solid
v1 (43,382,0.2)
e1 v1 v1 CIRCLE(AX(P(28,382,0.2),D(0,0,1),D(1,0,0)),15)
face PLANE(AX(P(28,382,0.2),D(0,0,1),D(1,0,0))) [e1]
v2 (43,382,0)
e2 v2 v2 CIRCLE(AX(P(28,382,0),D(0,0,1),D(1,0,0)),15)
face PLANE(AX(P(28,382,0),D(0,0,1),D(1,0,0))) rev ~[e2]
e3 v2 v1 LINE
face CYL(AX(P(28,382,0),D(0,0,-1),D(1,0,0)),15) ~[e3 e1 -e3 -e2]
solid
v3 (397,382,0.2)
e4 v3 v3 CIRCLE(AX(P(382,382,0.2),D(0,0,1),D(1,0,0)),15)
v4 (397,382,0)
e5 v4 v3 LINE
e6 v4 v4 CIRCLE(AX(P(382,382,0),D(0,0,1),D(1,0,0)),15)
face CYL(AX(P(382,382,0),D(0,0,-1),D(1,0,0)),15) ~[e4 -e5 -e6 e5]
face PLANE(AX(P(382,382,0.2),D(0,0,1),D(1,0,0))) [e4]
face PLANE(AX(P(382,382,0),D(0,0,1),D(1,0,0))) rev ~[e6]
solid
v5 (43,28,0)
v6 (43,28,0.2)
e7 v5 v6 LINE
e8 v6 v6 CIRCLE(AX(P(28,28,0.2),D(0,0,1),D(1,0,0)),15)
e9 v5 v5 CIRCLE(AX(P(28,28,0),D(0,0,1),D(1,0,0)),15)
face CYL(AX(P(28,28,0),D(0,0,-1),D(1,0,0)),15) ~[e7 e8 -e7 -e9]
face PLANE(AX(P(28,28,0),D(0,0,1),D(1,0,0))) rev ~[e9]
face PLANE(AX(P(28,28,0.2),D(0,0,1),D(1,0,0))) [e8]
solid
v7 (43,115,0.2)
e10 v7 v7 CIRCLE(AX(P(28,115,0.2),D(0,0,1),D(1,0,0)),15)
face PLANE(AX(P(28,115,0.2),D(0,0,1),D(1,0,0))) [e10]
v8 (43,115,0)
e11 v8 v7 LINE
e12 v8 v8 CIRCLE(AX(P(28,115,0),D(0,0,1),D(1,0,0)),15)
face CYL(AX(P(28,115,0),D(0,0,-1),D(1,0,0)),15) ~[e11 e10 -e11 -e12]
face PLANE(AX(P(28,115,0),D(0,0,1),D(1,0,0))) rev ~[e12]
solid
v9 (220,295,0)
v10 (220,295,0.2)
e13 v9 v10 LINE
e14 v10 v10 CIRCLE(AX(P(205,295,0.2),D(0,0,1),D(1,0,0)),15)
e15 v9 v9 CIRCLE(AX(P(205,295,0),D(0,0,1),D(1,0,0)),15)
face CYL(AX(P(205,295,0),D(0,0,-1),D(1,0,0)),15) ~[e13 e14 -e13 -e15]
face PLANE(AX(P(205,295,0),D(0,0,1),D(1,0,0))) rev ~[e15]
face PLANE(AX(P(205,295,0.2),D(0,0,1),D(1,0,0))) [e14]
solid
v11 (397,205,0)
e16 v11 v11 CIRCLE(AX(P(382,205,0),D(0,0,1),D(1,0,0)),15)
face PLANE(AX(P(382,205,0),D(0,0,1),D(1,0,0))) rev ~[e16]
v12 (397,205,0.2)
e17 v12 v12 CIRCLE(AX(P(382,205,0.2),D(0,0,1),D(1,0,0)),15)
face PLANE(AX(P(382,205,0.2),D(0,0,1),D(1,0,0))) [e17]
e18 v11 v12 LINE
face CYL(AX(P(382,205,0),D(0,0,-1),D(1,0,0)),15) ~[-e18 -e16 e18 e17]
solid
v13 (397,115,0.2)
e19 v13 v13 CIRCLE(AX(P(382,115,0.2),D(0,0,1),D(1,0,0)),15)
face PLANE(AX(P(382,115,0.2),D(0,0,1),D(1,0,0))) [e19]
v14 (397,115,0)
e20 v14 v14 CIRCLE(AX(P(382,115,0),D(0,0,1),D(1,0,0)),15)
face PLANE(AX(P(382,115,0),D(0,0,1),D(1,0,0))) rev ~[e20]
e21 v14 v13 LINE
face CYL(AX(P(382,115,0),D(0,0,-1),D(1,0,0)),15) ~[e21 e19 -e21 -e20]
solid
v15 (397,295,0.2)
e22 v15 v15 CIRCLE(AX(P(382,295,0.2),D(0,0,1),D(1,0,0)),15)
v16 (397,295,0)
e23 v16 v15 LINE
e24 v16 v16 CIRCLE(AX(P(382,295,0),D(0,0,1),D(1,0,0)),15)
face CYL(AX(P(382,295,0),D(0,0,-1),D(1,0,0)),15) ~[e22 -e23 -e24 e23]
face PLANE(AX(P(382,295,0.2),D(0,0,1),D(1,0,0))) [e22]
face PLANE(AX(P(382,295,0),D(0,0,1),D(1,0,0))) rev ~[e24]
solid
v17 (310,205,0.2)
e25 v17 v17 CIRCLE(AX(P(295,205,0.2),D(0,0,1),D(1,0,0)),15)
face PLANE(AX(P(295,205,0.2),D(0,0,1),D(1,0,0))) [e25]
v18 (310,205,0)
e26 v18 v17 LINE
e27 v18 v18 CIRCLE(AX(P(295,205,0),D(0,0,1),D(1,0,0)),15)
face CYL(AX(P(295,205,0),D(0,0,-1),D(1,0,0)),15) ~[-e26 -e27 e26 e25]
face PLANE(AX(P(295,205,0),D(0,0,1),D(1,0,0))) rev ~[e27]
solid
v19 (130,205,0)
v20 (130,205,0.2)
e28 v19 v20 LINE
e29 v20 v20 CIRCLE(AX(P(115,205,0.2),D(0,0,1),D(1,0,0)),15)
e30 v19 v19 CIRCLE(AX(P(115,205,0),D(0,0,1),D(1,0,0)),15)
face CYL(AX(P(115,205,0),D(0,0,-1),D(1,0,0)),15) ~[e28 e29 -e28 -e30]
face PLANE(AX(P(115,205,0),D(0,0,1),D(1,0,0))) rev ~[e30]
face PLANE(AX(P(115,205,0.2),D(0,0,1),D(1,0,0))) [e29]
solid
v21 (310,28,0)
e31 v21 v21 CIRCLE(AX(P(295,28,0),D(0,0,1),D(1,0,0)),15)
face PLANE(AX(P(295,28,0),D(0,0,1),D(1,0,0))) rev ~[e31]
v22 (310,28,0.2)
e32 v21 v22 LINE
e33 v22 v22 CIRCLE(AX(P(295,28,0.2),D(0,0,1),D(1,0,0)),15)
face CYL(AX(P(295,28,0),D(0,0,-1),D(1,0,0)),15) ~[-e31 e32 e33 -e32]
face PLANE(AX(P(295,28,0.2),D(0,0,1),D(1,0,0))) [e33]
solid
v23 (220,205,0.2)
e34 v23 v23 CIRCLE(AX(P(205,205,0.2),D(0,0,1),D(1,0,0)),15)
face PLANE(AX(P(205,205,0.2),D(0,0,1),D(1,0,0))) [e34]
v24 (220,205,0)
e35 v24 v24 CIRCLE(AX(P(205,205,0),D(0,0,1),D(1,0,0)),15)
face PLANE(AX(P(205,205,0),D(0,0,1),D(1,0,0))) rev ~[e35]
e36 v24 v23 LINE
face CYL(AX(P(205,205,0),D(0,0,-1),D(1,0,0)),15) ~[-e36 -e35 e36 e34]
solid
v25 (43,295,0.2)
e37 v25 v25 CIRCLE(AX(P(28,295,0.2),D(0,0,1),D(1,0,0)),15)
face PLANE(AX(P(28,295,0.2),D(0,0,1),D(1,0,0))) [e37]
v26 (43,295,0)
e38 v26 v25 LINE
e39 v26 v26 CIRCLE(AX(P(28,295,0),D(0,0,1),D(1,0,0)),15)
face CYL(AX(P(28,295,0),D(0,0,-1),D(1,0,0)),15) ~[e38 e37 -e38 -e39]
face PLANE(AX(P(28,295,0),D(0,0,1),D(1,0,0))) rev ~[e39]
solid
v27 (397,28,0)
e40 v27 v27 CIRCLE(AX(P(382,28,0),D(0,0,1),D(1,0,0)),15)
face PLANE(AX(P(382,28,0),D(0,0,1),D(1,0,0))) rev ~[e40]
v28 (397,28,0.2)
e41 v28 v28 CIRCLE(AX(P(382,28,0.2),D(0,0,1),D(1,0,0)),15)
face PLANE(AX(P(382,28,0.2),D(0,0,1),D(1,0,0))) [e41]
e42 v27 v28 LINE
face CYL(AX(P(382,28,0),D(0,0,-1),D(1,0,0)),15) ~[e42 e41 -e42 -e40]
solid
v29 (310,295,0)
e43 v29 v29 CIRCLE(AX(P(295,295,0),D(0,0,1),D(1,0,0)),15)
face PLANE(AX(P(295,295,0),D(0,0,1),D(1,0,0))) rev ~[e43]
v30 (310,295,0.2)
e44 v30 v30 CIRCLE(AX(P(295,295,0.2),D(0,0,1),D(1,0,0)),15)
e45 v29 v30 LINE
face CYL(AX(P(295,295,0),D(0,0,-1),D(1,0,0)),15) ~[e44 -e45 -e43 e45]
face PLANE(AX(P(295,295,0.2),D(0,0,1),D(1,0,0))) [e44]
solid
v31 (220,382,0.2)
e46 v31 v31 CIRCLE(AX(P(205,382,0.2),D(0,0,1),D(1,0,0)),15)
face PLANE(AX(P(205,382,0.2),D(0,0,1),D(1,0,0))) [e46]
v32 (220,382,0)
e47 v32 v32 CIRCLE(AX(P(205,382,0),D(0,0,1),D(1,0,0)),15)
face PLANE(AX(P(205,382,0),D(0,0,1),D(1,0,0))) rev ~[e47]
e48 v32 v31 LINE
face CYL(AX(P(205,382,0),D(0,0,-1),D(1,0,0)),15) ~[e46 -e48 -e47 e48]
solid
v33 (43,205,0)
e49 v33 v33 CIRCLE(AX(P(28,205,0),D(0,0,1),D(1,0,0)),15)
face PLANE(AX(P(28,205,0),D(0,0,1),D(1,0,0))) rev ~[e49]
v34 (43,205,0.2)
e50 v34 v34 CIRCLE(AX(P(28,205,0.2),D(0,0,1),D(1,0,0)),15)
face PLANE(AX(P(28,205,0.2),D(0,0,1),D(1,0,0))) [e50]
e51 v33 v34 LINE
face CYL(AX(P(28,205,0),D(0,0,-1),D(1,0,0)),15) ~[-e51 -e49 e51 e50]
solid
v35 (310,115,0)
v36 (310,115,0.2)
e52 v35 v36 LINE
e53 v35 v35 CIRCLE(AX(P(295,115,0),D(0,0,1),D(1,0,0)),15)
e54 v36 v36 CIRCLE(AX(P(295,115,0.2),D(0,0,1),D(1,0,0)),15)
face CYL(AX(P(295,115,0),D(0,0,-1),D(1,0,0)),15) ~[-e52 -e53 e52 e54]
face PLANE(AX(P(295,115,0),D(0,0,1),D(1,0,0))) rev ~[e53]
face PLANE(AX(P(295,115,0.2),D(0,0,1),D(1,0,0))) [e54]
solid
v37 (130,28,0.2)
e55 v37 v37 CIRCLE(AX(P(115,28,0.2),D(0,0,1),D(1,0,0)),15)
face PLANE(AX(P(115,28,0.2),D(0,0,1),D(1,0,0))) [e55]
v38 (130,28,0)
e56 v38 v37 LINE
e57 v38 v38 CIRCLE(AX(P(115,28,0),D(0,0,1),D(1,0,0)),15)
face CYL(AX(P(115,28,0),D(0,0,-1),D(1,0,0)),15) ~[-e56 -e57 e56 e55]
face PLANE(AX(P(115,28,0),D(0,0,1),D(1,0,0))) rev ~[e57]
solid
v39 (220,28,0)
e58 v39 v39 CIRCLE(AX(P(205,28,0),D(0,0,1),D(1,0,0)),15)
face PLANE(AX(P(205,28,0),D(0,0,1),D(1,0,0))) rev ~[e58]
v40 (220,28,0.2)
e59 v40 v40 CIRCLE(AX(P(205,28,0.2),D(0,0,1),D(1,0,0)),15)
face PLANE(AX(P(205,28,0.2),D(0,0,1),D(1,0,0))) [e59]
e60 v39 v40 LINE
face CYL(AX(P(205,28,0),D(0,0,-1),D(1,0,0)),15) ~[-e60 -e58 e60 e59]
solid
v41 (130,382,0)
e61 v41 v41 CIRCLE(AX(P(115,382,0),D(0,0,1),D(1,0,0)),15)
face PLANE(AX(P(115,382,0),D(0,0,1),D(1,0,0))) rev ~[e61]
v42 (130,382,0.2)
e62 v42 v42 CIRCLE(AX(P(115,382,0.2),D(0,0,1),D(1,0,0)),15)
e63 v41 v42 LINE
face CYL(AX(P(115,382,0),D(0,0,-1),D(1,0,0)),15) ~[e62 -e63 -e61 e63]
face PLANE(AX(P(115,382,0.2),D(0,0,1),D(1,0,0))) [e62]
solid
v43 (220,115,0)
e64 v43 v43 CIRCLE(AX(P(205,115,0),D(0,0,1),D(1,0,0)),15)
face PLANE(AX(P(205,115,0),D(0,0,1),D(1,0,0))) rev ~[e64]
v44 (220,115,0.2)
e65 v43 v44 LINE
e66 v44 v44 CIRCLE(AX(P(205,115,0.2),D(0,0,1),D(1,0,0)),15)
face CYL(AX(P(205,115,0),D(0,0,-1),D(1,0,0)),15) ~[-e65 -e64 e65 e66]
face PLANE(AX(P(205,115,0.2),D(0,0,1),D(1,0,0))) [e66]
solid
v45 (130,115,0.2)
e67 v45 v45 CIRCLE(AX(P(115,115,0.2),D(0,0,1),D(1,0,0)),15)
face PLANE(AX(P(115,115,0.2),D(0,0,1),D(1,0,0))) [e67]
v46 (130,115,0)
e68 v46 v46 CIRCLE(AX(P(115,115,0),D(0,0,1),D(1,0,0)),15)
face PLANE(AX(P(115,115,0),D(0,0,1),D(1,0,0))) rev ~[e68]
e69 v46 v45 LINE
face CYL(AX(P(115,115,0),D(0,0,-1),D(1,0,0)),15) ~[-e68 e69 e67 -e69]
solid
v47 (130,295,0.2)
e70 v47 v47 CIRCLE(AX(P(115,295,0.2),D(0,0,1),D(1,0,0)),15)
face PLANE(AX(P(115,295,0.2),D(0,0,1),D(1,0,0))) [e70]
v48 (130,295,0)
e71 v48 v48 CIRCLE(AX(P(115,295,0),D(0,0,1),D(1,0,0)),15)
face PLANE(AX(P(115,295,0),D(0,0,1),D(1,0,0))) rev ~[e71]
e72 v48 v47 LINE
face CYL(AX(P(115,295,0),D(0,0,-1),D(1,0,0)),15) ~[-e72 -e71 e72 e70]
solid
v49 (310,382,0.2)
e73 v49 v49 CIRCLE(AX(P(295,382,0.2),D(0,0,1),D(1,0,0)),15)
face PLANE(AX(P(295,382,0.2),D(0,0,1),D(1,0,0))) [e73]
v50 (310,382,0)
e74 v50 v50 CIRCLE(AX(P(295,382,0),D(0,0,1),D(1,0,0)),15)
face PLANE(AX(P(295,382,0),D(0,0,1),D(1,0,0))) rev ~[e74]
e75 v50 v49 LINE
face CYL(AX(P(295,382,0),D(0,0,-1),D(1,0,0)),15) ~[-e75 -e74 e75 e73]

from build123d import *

# Parameters (mm, degrees)
CYLINDER_R        = 15
CYLINDER_DEPTH    = 0.2
CYLINDER001_R     = 15
CYLINDER001_DEPTH = 0.2
CYLINDER003_R     = 15
CYLINDER003_DEPTH = 0.2
CYLINDER004_R     = 15
CYLINDER004_DEPTH = 0.2
CYLINDER005_R     = 15
CYLINDER005_DEPTH = 0.2
CYLINDER006_R     = 15
CYLINDER006_DEPTH = 0.2
CYLINDER007_R     = 15
CYLINDER007_DEPTH = 0.2
CYLINDER008_R     = 15
CYLINDER008_DEPTH = 0.2
CYLINDER010_R     = 15
CYLINDER010_DEPTH = 0.2
CYLINDER012_R     = 15
CYLINDER012_DEPTH = 0.2
CYLINDER013_R     = 15
CYLINDER013_DEPTH = 0.2
CYLINDER014_R     = 15
CYLINDER014_DEPTH = 0.2
CYLINDER015_R     = 15
CYLINDER015_DEPTH = 0.2
CYLINDER016_R     = 15
CYLINDER016_DEPTH = 0.2
CYLINDER017_R     = 15
CYLINDER017_DEPTH = 0.2
CYLINDER018_R     = 15
CYLINDER018_DEPTH = 0.2
CYLINDER019_R     = 15
CYLINDER019_DEPTH = 0.2
CYLINDER020_R     = 15
CYLINDER020_DEPTH = 0.2
CYLINDER021_R     = 15
CYLINDER021_DEPTH = 0.2
CYLINDER023_R     = 15
CYLINDER023_DEPTH = 0.2
CYLINDER024_R     = 15
CYLINDER024_DEPTH = 0.2
CYLINDER022_R     = 15
CYLINDER022_DEPTH = 0.2
CYLINDER011_R     = 15
CYLINDER011_DEPTH = 0.2
CYLINDER009_R     = 15
CYLINDER009_DEPTH = 0.2
CYLINDER002_R     = 15
CYLINDER002_DEPTH = 0.2


with BuildPart() as cylinder005:
    # Cylinder → Cylinder (new body)
    with BuildSketch(Plane(origin=(382, 115, 0), x_dir=(1, 0, 0), z_dir=(0, 0, 1))):
        Circle(CYLINDER_R)
    extrude(amount=CYLINDER_DEPTH)


with BuildPart() as cylinder001:
    # Cylinder001 → Cylinder001 (new body)
    with BuildSketch(Plane(origin=(28, 115, 0), x_dir=(1, 0, 0), z_dir=(0, 0, 1))):
        Circle(CYLINDER001_R)
    extrude(amount=CYLINDER001_DEPTH)


with BuildPart() as cylinder003:
    # Cylinder003 → Cylinder003 (new body)
    with BuildSketch(Plane(origin=(205, 115, 0), x_dir=(1, 0, 0), z_dir=(0, 0, 1))):
        Circle(CYLINDER003_R)
    extrude(amount=CYLINDER003_DEPTH)


with BuildPart() as cylinder004:
    # Cylinder004 → Cylinder004 (new body)
    with BuildSketch(Plane(origin=(295, 115, 0), x_dir=(1, 0, 0), z_dir=(0, 0, 1))):
        Circle(CYLINDER004_R)
    extrude(amount=CYLINDER004_DEPTH)


with BuildPart() as cylinder006:
    # Cylinder005 → Cylinder005 (new body)
    with BuildSketch(Plane(origin=(382, 205, 0), x_dir=(1, 0, 0), z_dir=(0, 0, 1))):
        Circle(CYLINDER005_R)
    extrude(amount=CYLINDER005_DEPTH)


with BuildPart() as cylinder007:
    # Cylinder006 → Cylinder006 (new body)
    with BuildSketch(Plane(origin=(28, 205, 0), x_dir=(1, 0, 0), z_dir=(0, 0, 1))):
        Circle(CYLINDER006_R)
    extrude(amount=CYLINDER006_DEPTH)


with BuildPart() as cylinder008:
    # Cylinder007 → Cylinder007 (new body)
    with BuildSketch(Plane(origin=(205, 205, 0), x_dir=(1, 0, 0), z_dir=(0, 0, 1))):
        Circle(CYLINDER007_R)
    extrude(amount=CYLINDER007_DEPTH)


with BuildPart() as cylinder009:
    # Cylinder008 → Cylinder008 (new body)
    with BuildSketch(Plane(origin=(295, 205, 0), x_dir=(1, 0, 0), z_dir=(0, 0, 1))):
        Circle(CYLINDER008_R)
    extrude(amount=CYLINDER008_DEPTH)


with BuildPart() as cylinder014:
    # Cylinder010 → Cylinder010 (new body)
    with BuildSketch(Plane(origin=(382, 295, 0), x_dir=(1, 0, 0), z_dir=(0, 0, 1))):
        Circle(CYLINDER010_R)
    extrude(amount=CYLINDER010_DEPTH)


with BuildPart() as cylinder013:
    # Cylinder012 → Cylinder012 (new body)
    with BuildSketch(Plane(origin=(205, 295, 0), x_dir=(1, 0, 0), z_dir=(0, 0, 1))):
        Circle(CYLINDER012_R)
    extrude(amount=CYLINDER012_DEPTH)


with BuildPart() as cylinder011:
    # Cylinder013 → Cylinder013 (new body)
    with BuildSketch(Plane(origin=(295, 295, 0), x_dir=(1, 0, 0), z_dir=(0, 0, 1))):
        Circle(CYLINDER013_R)
    extrude(amount=CYLINDER013_DEPTH)


with BuildPart() as cylinder012:
    # Cylinder014 → Cylinder014 (new body)
    with BuildSketch(Plane(origin=(28, 295, 0), x_dir=(1, 0, 0), z_dir=(0, 0, 1))):
        Circle(CYLINDER014_R)
    extrude(amount=CYLINDER014_DEPTH)


with BuildPart() as cylinder019:
    # Cylinder015 → Cylinder015 (new body)
    with BuildSketch(Plane(origin=(382, 382, 0), x_dir=(1, 0, 0), z_dir=(0, 0, 1))):
        Circle(CYLINDER015_R)
    extrude(amount=CYLINDER015_DEPTH)


with BuildPart() as cylinder020:
    # Cylinder016 → Cylinder016 (new body)
    with BuildSketch(Plane(origin=(115, 115, 0), x_dir=(1, 0, 0), z_dir=(0, 0, 1))):
        Circle(CYLINDER016_R)
    extrude(amount=CYLINDER016_DEPTH)


with BuildPart() as cylinder016:
    # Cylinder017 → Cylinder017 (new body)
    with BuildSketch(Plane(origin=(295, 382, 0), x_dir=(1, 0, 0), z_dir=(0, 0, 1))):
        Circle(CYLINDER017_R)
    extrude(amount=CYLINDER017_DEPTH)


with BuildPart() as cylinder017:
    # Cylinder018 → Cylinder018 (new body)
    with BuildSketch(Plane(origin=(205, 382, 0), x_dir=(1, 0, 0), z_dir=(0, 0, 1))):
        Circle(CYLINDER018_R)
    extrude(amount=CYLINDER018_DEPTH)


with BuildPart() as cylinder018:
    # Cylinder019 → Cylinder019 (new body)
    with BuildSketch(Plane(origin=(28, 382, 0), x_dir=(1, 0, 0), z_dir=(0, 0, 1))):
        Circle(CYLINDER019_R)
    extrude(amount=CYLINDER019_DEPTH)


with BuildPart() as cylinder023:
    # Cylinder020 → Cylinder020 (new body)
    with BuildSketch(Plane(origin=(382, 28, 0), x_dir=(1, 0, 0), z_dir=(0, 0, 1))):
        Circle(CYLINDER020_R)
    extrude(amount=CYLINDER020_DEPTH)


with BuildPart() as cylinder024:
    # Cylinder021 → Cylinder021 (new body)
    with BuildSketch(Plane(origin=(205, 28, 0), x_dir=(1, 0, 0), z_dir=(0, 0, 1))):
        Circle(CYLINDER021_R)
    extrude(amount=CYLINDER021_DEPTH)


with BuildPart() as cylinder021:
    # Cylinder023 → Cylinder023 (new body)
    with BuildSketch(Plane(origin=(28, 28, 0), x_dir=(1, 0, 0), z_dir=(0, 0, 1))):
        Circle(CYLINDER023_R)
    extrude(amount=CYLINDER023_DEPTH)


with BuildPart() as cylinder022:
    # Cylinder024 → Cylinder024 (new body)
    with BuildSketch(Plane(origin=(295, 28, 0), x_dir=(1, 0, 0), z_dir=(0, 0, 1))):
        Circle(CYLINDER024_R)
    extrude(amount=CYLINDER024_DEPTH)


with BuildPart() as cylinder025:
    # Cylinder022 → Cylinder022 (new body)
    with BuildSketch(Plane(origin=(115, 382, 0), x_dir=(1, 0, 0), z_dir=(0, 0, 1))):
        Circle(CYLINDER022_R)
    extrude(amount=CYLINDER022_DEPTH)


with BuildPart() as cylinder015:
    # Cylinder011 → Cylinder011 (new body)
    with BuildSketch(Plane(origin=(115, 295, 0), x_dir=(1, 0, 0), z_dir=(0, 0, 1))):
        Circle(CYLINDER011_R)
    extrude(amount=CYLINDER011_DEPTH)


with BuildPart() as cylinder010:
    # Cylinder009 → Cylinder009 (new body)
    with BuildSketch(Plane(origin=(115, 205, 0), x_dir=(1, 0, 0), z_dir=(0, 0, 1))):
        Circle(CYLINDER009_R)
    extrude(amount=CYLINDER009_DEPTH)


with BuildPart() as cylinder002:
    # Cylinder002 → Cylinder002 (new body)
    with BuildSketch(Plane(origin=(115, 28, 0), x_dir=(1, 0, 0), z_dir=(0, 0, 1))):
        Circle(CYLINDER002_R)
    extrude(amount=CYLINDER002_DEPTH)


solid = Compound([cylinder005.part, cylinder001.part, cylinder003.part, cylinder004.part, cylinder006.part, cylinder007.part, cylinder008.part, cylinder009.part, cylinder014.part, cylinder013.part, cylinder011.part, cylinder012.part, cylinder019.part, cylinder020.part, cylinder016.part, cylinder017.part, cylinder018.part, cylinder023.part, cylinder024.part, cylinder021.part, cylinder022.part, cylinder025.part, cylinder015.part, cylinder010.part, cylinder002.part])
